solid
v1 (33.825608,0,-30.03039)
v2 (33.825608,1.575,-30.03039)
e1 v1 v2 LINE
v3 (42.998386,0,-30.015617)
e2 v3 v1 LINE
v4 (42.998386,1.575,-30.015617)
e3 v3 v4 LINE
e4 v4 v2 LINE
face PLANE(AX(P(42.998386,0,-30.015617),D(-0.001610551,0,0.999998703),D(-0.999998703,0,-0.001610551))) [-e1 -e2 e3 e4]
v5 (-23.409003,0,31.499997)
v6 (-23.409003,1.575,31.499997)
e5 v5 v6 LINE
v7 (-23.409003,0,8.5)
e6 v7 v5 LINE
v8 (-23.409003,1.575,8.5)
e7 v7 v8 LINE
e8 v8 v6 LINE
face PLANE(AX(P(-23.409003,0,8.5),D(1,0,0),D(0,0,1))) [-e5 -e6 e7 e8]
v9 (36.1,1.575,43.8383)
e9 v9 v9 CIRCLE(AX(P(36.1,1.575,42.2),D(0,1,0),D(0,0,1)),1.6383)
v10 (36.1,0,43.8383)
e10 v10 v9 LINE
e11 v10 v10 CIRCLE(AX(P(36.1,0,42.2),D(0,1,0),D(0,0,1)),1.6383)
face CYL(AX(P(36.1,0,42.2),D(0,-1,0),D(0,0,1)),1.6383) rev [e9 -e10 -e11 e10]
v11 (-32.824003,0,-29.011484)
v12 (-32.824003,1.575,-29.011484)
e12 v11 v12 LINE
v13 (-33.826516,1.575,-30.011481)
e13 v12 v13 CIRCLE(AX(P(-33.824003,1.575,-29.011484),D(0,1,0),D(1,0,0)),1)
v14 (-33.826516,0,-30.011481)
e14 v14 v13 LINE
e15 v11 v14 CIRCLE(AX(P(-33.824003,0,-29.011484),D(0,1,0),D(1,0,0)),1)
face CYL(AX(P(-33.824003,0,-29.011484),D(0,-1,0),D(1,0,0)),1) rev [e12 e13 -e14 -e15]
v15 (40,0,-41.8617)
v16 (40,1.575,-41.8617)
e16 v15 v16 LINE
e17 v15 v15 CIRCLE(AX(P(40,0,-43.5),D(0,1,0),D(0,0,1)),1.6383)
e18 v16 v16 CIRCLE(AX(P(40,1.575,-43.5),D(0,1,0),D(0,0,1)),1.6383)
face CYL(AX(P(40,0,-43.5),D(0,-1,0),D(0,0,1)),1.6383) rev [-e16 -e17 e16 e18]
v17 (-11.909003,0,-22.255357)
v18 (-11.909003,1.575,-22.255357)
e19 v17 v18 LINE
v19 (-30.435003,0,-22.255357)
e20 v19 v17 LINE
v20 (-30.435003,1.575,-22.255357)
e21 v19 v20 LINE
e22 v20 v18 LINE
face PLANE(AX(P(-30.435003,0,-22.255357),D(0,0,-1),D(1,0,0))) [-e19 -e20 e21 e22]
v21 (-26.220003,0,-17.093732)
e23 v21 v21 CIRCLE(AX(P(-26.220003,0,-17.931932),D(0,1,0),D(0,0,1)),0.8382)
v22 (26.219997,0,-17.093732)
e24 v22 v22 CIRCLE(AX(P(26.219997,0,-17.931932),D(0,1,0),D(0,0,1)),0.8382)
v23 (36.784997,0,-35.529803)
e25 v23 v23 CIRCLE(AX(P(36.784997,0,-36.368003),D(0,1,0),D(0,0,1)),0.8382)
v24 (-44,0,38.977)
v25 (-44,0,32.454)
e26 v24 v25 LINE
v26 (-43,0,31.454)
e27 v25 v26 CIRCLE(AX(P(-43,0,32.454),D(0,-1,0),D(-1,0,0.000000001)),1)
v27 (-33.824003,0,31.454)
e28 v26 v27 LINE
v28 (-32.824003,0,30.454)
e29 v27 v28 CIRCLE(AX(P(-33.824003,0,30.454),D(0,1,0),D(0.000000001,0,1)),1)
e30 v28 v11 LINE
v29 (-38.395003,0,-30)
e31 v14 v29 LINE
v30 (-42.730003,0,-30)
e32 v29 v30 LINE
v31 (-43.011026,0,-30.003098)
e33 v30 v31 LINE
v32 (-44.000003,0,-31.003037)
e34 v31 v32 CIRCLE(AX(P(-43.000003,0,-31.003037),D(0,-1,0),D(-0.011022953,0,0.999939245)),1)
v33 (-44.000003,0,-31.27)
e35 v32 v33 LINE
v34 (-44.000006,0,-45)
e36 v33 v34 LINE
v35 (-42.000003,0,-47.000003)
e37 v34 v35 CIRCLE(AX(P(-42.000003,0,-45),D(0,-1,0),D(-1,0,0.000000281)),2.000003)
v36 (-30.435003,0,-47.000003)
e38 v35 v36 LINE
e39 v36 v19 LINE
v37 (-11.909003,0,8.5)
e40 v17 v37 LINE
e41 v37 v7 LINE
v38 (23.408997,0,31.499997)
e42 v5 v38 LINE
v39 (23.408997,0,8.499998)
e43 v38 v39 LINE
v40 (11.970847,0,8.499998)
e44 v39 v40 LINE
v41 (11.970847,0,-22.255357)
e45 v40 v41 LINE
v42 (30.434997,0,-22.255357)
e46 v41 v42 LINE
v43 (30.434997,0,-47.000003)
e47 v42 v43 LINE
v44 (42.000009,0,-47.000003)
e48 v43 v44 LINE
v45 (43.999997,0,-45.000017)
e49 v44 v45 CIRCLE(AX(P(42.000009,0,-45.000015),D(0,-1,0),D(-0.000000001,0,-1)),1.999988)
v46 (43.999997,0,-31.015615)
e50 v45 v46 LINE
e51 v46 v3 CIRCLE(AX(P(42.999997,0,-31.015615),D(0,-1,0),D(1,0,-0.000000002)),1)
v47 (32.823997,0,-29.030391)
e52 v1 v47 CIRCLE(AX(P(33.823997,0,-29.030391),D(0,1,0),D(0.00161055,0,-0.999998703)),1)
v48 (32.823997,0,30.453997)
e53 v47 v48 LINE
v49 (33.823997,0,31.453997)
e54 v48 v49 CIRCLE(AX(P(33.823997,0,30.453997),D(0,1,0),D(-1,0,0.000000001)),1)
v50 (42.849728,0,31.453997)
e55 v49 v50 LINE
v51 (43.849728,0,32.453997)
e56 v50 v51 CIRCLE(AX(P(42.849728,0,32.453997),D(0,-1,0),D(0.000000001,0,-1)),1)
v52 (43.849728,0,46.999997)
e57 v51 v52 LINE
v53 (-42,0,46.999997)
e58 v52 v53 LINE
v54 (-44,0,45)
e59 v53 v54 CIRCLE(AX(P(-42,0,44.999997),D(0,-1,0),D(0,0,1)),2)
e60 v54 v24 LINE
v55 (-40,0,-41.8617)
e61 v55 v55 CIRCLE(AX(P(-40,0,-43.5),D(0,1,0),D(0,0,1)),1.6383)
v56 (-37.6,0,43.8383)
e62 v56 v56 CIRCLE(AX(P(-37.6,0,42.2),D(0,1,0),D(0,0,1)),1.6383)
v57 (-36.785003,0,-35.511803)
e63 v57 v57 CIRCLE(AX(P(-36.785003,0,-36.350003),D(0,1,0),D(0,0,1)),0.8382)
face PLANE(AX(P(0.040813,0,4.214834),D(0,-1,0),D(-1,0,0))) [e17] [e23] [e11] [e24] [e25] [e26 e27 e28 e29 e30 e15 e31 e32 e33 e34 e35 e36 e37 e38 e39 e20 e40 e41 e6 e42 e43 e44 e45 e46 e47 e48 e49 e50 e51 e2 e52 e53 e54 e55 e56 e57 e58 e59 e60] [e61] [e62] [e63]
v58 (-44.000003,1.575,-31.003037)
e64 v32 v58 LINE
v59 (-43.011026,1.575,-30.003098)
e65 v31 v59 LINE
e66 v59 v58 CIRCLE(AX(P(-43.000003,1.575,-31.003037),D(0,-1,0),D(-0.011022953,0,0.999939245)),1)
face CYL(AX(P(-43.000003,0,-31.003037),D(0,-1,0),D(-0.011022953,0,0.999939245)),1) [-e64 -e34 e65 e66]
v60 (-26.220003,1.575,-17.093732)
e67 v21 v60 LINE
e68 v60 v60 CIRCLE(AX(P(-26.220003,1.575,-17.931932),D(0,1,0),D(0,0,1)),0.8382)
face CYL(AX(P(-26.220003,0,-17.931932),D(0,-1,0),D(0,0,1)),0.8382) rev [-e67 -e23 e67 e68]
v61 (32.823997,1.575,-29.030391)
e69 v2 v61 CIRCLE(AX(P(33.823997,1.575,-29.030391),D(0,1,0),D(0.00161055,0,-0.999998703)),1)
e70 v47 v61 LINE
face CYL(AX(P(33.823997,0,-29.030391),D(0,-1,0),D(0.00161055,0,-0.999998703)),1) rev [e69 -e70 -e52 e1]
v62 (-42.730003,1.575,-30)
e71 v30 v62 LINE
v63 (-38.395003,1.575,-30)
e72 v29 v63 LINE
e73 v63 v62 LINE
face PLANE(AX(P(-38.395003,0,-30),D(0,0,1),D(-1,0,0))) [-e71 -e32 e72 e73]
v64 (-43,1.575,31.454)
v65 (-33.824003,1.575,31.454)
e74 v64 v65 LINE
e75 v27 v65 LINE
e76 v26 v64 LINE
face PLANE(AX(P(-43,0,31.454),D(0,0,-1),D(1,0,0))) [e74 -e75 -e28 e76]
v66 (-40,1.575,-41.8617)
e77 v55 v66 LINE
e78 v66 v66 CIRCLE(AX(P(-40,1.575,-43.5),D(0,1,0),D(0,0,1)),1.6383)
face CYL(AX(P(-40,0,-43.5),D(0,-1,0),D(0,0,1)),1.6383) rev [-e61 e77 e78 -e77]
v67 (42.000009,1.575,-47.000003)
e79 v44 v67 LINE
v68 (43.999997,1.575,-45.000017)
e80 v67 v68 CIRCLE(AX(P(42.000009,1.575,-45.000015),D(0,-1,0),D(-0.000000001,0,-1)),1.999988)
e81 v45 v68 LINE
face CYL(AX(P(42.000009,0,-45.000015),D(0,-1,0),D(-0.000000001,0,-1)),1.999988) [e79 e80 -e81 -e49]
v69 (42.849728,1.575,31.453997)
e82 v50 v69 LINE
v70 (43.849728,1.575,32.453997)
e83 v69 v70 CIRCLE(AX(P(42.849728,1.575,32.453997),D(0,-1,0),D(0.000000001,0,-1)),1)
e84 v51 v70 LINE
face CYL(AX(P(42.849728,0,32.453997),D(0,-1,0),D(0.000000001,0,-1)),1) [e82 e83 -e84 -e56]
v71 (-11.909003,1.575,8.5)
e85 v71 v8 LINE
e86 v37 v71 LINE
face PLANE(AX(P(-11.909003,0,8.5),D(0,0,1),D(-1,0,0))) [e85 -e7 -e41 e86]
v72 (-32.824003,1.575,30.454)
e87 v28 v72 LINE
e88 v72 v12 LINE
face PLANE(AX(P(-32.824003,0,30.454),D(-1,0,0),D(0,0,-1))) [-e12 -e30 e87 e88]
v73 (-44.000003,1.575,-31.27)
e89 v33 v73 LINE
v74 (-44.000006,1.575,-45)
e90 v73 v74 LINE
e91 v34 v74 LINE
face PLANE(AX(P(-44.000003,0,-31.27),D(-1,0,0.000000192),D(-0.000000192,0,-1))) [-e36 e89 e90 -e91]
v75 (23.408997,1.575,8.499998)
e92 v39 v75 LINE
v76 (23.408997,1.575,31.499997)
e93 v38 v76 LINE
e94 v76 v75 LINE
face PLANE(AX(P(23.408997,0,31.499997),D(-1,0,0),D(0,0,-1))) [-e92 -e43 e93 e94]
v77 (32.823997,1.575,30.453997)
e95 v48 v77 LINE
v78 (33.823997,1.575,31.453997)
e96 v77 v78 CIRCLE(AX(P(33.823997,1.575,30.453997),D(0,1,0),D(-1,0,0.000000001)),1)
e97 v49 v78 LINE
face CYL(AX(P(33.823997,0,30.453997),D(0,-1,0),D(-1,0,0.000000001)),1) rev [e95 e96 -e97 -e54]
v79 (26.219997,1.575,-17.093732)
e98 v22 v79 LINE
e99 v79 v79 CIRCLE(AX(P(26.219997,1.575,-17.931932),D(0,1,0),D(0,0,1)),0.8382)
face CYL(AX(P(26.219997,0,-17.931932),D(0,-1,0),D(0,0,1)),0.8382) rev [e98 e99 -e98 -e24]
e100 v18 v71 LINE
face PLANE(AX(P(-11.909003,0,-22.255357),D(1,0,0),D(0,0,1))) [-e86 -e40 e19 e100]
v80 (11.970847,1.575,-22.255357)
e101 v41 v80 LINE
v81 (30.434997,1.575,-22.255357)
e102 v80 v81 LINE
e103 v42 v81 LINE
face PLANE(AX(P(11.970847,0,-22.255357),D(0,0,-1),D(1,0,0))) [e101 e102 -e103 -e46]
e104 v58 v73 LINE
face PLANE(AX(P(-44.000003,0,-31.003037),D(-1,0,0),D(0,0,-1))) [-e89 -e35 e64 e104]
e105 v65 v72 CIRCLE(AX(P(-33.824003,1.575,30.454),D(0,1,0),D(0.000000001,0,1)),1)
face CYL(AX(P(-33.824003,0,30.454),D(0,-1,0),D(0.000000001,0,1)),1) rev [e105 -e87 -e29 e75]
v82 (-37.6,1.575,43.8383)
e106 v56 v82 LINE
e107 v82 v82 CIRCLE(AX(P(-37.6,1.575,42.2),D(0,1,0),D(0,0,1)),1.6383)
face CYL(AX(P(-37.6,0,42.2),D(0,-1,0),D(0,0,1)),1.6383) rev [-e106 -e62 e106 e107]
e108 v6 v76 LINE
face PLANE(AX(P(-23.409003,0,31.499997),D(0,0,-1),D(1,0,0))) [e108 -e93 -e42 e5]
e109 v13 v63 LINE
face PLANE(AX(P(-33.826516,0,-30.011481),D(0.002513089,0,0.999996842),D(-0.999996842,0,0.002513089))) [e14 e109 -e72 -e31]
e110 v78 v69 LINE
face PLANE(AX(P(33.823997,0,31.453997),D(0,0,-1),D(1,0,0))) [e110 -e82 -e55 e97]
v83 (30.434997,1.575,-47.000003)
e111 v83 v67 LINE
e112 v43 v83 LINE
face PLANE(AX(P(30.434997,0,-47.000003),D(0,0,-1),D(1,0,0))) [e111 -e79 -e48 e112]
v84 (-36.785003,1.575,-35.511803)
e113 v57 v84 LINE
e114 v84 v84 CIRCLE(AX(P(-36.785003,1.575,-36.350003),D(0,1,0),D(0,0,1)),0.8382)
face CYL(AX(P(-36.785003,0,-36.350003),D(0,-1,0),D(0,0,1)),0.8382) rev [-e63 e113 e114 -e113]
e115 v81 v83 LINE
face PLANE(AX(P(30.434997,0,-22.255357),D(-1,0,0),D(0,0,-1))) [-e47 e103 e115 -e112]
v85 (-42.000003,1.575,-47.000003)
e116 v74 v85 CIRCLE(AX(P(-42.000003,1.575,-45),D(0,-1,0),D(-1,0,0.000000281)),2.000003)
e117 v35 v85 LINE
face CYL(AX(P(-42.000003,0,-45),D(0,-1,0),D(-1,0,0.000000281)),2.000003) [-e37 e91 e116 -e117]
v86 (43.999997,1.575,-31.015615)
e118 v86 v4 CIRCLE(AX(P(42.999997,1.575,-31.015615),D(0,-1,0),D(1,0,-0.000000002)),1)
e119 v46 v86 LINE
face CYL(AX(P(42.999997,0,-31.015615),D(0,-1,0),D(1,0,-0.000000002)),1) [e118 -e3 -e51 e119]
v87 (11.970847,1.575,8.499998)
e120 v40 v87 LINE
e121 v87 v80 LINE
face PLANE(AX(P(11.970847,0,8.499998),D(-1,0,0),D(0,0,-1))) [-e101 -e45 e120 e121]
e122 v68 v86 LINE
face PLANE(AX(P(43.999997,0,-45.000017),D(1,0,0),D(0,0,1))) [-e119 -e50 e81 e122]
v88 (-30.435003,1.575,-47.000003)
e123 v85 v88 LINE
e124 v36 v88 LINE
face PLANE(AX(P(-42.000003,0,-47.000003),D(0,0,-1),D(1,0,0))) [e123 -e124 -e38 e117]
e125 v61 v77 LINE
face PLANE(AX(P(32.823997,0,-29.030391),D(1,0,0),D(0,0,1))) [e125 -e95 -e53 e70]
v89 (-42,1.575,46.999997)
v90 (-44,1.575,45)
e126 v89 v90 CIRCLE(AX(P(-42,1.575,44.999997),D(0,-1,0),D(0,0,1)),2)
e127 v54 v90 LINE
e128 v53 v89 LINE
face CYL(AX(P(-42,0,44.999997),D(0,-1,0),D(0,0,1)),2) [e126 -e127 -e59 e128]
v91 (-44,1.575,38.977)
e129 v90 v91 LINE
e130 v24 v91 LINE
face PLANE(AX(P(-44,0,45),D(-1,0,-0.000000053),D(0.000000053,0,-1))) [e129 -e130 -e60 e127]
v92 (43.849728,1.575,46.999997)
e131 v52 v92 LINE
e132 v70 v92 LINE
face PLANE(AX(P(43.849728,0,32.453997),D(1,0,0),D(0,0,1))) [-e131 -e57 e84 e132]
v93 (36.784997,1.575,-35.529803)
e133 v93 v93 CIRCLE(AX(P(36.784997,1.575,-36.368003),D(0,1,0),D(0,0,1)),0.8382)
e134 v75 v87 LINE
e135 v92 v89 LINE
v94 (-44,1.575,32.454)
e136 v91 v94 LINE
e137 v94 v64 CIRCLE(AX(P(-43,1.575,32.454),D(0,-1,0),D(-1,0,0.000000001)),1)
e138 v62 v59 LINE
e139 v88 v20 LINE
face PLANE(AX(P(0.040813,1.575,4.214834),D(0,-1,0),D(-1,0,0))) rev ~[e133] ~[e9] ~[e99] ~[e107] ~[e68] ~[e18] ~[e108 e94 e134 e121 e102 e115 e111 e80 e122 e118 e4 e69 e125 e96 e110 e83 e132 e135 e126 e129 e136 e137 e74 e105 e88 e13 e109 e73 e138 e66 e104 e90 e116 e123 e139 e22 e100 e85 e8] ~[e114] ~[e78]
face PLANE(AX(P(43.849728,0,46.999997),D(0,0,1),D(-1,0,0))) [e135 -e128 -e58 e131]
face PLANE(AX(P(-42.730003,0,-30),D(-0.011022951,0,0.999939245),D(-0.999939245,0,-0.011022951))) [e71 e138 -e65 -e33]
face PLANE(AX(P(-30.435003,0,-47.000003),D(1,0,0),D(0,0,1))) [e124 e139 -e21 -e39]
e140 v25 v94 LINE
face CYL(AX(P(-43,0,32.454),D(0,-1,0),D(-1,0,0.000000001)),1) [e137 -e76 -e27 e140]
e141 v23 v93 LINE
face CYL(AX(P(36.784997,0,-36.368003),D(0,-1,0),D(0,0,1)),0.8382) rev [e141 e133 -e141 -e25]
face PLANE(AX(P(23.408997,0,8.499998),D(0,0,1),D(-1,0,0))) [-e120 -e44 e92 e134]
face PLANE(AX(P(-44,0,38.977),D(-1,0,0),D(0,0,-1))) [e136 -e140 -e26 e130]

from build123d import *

# Parameters (mm, degrees)
SKETCH1_2_R         = 1.6383
SKETCH1_2_R_2       = 0.8382
BOSS_EXTRUDE2_DEPTH = 1.575


with BuildPart() as part:
    # Sketch1<2> → Boss-Extrude2 (new body)
    with BuildSketch(Plane(origin=(0, 0, 0), x_dir=(1, 0, 0), z_dir=(0, 1, 0))):
        with BuildLine():
            Line((-38.39500299, 29.999999735), (-42.73000299, 29.999999735))
            Line((-42.73000299, 29.999999735), (-43.011025994, 30.003097626))
            ThreePointArc((-43.011025994, 30.003097626), (-43.710996344, 30.299838092), (-44.000003042, 31.003036872))
            Line((-44.000003042, 31.003036872), (-44.000003042, 31.269999735))
            Line((-44.000003042, 31.269999735), (-44.000005679, 44.999999735))
            ThreePointArc((-44.000005679, 44.999999735), (-43.414218633, 46.414215608), (-42.000002924, 47.000003051))
            Line((-42.000002924, 47.000003051), (-30.435003, 47.000003051))
            Line((-30.435003, 47.000003051), (-30.435003, 22.255357341))
            Line((-30.435003, 22.255357341), (-11.909003, 22.255357341))
            Line((-11.909003, 22.255357341), (-11.909003, -8.5))
            Line((-11.909003, -8.5), (-23.409003, -8.5))
            Line((-23.409003, -8.5), (-23.409003, -31.499996949))
            Line((-23.409003, -31.499996949), (23.408997, -31.499996949))
            Line((23.408997, -31.499996949), (23.408997, -8.499997555))
            Line((23.408997, -8.499997555), (11.97084713, -8.499997555))
            Line((11.97084713, -8.499997555), (11.97084713, 22.255357341))
            Line((11.97084713, 22.255357341), (30.434997, 22.255357341))
            Line((30.434997, 22.255357341), (30.434997, 47.000003051))
            Line((30.434997, 47.000003051), (42.000008541, 47.000003051))
            ThreePointArc((42.000008541, 47.000003051), (43.414213215, 46.414220704), (43.999996956, 45.000016607))
            Line((43.999996956, 45.000016607), (43.999996956, 32.000003378))
            Line((43.999996956, 32.000003378), (43.999996956, 31.015615364))
            ThreePointArc((43.999996956, 31.015615364), (43.706534093, 30.307939396), (42.998386406, 30.015616661))
            Line((42.998386406, 30.015616661), (33.825607551, 30.030389905))
            ThreePointArc((33.825607551, 30.030389905), (33.117459864, 29.738067169), (32.823997, 29.030391202))
            Line((32.823997, 29.030391202), (32.823997, -30.453996949))
            ThreePointArc((32.823997, -30.453996949), (33.116890219, -31.16110373), (33.823997, -31.453996949))
            Line((33.823997, -31.453996949), (36.099999555, -31.453996949))
            Line((36.099999555, -31.453996949), (42.849728118, -31.453996949))
            ThreePointArc((42.849728118, -31.453996949), (43.556834899, -31.746890168), (43.849728118, -32.453996949))
            Line((43.849728118, -32.453996949), (43.849728118, -36.999996949))
            Line((43.849728118, -36.999996949), (43.849728118, -46.999996949))
            Line((43.849728118, -46.999996949), (-42.000000178, -46.999996949))
            ThreePointArc((-42.000000178, -46.999996949), (-43.414212804, -46.414211581), (-44.000000499, -44.999999921))
            Line((-44.000000499, -44.999999921), (-44.000000178, -38.976999921))
            Line((-44.000000178, -38.976999921), (-44.000000178, -32.453999802))
            ThreePointArc((-44.000000178, -32.453999802), (-43.70710696, -31.746893021), (-43.000000178, -31.453999802))
            Line((-43.000000178, -31.453999802), (-36.100000549, -31.453999802))
            Line((-36.100000549, -31.453999802), (-33.824003042, -31.453999802))
            ThreePointArc((-33.824003042, -31.453999802), (-33.116896261, -31.161106583), (-32.824003042, -30.453999802))
            Line((-32.824003042, -30.453999802), (-32.824003042, 29.011483943))
            ThreePointArc((-32.824003042, 29.011483943), (-33.117785331, 29.719478678), (-33.826516131, 30.011480785))
            Line((-33.826516131, 30.011480785), (-38.39500299, 29.999999735))
        make_face()
        with Locations((40, 43.5)):
            Circle(SKETCH1_2_R, mode=Mode.SUBTRACT)
        with Locations((-40, 43.5)):
            Circle(SKETCH1_2_R, mode=Mode.SUBTRACT)
        with Locations((-37.6, -42.2)):
            Circle(SKETCH1_2_R, mode=Mode.SUBTRACT)
        with Locations((36.1, -42.2)):
            Circle(SKETCH1_2_R, mode=Mode.SUBTRACT)
        with Locations((-36.785003, 36.350003051)):
            Circle(SKETCH1_2_R_2, mode=Mode.SUBTRACT)
        with Locations((-26.220003, 17.93193176)):
            Circle(SKETCH1_2_R_2, mode=Mode.SUBTRACT)
        with Locations((26.219997, 17.93193176)):
            Circle(SKETCH1_2_R_2, mode=Mode.SUBTRACT)
        with Locations((36.784997, 36.368003051)):
            Circle(SKETCH1_2_R_2, mode=Mode.SUBTRACT)
    extrude(amount=BOSS_EXTRUDE2_DEPTH)


solid = part.part
